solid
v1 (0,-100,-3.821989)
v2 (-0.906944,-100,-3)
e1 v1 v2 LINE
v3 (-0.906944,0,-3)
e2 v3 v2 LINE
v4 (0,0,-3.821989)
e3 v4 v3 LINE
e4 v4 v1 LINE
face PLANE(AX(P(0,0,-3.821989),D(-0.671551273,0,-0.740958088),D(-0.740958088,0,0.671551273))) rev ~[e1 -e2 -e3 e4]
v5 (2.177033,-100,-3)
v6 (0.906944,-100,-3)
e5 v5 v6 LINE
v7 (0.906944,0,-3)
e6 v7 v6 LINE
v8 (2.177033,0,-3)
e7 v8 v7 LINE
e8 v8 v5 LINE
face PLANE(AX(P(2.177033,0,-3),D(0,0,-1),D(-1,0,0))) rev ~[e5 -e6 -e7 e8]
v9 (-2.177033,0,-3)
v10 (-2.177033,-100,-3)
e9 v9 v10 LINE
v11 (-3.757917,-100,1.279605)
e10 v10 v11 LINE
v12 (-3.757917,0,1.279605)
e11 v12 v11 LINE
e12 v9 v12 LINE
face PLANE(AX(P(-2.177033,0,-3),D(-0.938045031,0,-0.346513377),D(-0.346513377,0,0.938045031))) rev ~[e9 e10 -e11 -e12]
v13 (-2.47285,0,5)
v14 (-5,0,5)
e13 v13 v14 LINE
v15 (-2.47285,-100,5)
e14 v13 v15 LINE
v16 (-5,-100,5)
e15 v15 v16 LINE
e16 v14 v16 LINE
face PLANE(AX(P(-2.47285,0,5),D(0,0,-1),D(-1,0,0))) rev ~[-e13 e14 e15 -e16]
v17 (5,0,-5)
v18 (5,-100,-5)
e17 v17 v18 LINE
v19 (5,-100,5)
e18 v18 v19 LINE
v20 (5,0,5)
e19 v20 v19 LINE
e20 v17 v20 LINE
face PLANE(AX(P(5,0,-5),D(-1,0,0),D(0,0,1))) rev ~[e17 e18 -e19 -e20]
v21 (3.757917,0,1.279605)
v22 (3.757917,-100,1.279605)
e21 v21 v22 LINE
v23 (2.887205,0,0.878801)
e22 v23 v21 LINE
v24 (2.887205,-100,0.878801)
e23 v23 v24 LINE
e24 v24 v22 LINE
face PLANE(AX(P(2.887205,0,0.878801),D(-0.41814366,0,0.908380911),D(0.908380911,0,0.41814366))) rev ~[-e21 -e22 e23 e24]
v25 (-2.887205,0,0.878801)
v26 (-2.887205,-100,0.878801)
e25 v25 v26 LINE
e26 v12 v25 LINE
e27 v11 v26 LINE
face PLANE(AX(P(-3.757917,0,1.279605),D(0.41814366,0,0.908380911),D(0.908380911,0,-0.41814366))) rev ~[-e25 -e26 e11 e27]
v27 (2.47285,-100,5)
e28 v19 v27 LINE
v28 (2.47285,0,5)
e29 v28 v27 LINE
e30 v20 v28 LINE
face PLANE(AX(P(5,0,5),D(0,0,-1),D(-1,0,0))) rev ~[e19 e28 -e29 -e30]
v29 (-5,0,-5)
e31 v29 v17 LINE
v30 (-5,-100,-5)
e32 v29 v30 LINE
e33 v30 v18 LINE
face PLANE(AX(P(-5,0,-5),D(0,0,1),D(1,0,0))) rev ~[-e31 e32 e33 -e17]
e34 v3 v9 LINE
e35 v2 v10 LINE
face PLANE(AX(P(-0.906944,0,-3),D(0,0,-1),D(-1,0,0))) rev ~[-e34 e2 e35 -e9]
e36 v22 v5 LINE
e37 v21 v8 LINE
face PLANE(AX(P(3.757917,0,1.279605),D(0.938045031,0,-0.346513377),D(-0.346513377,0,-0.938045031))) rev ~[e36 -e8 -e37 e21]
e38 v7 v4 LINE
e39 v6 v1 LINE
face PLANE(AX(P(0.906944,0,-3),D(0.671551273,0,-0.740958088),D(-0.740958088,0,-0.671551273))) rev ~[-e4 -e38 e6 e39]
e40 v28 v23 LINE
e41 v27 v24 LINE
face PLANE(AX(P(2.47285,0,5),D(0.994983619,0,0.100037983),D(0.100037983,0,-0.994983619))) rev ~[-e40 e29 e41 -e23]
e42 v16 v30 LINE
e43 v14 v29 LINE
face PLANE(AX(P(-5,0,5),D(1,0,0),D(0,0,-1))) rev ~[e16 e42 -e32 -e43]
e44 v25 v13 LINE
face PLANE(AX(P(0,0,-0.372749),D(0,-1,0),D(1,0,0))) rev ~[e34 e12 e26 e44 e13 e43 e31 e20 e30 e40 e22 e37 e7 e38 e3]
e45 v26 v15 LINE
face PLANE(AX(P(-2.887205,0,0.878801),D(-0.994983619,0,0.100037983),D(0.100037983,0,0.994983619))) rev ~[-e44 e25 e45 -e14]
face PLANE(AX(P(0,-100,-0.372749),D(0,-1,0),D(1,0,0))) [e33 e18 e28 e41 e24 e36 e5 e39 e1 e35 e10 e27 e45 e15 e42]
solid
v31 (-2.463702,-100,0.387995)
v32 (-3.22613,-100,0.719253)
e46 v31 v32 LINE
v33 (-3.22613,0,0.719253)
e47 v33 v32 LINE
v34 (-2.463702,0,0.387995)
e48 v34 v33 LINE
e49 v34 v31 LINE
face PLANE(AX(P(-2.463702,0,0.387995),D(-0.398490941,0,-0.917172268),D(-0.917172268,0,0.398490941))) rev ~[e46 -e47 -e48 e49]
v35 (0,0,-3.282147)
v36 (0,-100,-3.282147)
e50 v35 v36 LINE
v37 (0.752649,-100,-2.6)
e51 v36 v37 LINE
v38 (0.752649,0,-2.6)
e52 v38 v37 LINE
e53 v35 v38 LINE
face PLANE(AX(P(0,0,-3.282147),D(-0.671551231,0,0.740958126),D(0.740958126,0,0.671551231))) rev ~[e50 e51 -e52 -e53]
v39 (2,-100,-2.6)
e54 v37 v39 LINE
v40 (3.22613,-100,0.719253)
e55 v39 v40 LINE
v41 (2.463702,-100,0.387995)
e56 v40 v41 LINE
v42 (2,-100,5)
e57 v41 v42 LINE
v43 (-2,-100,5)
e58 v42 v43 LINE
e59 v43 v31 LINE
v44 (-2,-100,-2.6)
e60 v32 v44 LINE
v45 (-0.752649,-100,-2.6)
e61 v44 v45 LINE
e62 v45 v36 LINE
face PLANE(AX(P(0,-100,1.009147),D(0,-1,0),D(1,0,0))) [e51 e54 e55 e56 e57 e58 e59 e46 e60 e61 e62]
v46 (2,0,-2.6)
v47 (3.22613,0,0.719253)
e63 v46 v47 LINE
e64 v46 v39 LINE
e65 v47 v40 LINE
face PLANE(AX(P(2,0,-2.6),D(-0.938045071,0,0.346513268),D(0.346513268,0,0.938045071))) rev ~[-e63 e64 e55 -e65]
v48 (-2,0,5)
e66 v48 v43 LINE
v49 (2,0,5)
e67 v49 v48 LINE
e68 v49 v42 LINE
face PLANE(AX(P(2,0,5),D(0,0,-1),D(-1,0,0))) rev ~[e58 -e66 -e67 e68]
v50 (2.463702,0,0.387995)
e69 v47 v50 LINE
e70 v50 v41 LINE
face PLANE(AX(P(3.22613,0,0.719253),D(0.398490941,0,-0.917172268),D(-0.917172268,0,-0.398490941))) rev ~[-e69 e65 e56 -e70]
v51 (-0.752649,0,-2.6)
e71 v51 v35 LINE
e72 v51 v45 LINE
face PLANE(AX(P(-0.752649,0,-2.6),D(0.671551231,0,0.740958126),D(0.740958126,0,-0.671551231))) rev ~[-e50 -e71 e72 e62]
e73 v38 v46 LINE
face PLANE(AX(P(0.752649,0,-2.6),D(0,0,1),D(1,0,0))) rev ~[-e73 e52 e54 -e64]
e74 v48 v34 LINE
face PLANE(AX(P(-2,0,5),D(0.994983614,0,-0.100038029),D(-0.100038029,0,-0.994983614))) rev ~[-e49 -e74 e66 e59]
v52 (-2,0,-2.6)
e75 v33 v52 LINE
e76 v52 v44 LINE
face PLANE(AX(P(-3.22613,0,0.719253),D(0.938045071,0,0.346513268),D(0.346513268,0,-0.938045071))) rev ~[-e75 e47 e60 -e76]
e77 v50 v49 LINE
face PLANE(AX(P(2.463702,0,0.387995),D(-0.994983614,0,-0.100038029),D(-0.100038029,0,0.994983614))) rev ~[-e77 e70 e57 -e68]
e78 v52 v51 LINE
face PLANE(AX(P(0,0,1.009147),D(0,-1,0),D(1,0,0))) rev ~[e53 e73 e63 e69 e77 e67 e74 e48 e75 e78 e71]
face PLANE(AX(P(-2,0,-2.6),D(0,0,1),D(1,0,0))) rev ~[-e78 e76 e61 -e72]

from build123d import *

# Parameters (mm, degrees)
F1_DEPTH = 100
F2_DEPTH = 100


with BuildPart() as f1:
    # F0 (on Front) → F1 (new body)
    with BuildSketch(Plane.XZ):
        Polygon((-5, -5), (5, -5), (5, -1.523607), (5, 5), (3, 5), (2.47285, 5), (2.887205, 0.878801), (3.757917, 1.279605), (2.177033, -3), (0.906944, -3), (0, -3.821989), (-0.906944, -3), (-2.177033, -3), (-3.757917, 1.279605), (-2.887205, 0.878801), (-2.47285, 5), (-3, 5), (-5, 5), align=None)
    extrude(amount=F1_DEPTH)


with BuildPart() as f2:
    # F0 (on Front) → F2 (new body)
    with BuildSketch(Plane.XZ):
        Polygon((0, 5), (-2, 5), (-2.463702, 0.387995), (-3.22613, 0.719253), (-2, -2.6), (-0.752649, -2.6), (0, -3.282147), (0.752649, -2.6), (2, -2.6), (3.22613, 0.719253), (2.463702, 0.387995), (2, 5), align=None)
    extrude(amount=F2_DEPTH)


solid = Compound([f1.part, f2.part])
